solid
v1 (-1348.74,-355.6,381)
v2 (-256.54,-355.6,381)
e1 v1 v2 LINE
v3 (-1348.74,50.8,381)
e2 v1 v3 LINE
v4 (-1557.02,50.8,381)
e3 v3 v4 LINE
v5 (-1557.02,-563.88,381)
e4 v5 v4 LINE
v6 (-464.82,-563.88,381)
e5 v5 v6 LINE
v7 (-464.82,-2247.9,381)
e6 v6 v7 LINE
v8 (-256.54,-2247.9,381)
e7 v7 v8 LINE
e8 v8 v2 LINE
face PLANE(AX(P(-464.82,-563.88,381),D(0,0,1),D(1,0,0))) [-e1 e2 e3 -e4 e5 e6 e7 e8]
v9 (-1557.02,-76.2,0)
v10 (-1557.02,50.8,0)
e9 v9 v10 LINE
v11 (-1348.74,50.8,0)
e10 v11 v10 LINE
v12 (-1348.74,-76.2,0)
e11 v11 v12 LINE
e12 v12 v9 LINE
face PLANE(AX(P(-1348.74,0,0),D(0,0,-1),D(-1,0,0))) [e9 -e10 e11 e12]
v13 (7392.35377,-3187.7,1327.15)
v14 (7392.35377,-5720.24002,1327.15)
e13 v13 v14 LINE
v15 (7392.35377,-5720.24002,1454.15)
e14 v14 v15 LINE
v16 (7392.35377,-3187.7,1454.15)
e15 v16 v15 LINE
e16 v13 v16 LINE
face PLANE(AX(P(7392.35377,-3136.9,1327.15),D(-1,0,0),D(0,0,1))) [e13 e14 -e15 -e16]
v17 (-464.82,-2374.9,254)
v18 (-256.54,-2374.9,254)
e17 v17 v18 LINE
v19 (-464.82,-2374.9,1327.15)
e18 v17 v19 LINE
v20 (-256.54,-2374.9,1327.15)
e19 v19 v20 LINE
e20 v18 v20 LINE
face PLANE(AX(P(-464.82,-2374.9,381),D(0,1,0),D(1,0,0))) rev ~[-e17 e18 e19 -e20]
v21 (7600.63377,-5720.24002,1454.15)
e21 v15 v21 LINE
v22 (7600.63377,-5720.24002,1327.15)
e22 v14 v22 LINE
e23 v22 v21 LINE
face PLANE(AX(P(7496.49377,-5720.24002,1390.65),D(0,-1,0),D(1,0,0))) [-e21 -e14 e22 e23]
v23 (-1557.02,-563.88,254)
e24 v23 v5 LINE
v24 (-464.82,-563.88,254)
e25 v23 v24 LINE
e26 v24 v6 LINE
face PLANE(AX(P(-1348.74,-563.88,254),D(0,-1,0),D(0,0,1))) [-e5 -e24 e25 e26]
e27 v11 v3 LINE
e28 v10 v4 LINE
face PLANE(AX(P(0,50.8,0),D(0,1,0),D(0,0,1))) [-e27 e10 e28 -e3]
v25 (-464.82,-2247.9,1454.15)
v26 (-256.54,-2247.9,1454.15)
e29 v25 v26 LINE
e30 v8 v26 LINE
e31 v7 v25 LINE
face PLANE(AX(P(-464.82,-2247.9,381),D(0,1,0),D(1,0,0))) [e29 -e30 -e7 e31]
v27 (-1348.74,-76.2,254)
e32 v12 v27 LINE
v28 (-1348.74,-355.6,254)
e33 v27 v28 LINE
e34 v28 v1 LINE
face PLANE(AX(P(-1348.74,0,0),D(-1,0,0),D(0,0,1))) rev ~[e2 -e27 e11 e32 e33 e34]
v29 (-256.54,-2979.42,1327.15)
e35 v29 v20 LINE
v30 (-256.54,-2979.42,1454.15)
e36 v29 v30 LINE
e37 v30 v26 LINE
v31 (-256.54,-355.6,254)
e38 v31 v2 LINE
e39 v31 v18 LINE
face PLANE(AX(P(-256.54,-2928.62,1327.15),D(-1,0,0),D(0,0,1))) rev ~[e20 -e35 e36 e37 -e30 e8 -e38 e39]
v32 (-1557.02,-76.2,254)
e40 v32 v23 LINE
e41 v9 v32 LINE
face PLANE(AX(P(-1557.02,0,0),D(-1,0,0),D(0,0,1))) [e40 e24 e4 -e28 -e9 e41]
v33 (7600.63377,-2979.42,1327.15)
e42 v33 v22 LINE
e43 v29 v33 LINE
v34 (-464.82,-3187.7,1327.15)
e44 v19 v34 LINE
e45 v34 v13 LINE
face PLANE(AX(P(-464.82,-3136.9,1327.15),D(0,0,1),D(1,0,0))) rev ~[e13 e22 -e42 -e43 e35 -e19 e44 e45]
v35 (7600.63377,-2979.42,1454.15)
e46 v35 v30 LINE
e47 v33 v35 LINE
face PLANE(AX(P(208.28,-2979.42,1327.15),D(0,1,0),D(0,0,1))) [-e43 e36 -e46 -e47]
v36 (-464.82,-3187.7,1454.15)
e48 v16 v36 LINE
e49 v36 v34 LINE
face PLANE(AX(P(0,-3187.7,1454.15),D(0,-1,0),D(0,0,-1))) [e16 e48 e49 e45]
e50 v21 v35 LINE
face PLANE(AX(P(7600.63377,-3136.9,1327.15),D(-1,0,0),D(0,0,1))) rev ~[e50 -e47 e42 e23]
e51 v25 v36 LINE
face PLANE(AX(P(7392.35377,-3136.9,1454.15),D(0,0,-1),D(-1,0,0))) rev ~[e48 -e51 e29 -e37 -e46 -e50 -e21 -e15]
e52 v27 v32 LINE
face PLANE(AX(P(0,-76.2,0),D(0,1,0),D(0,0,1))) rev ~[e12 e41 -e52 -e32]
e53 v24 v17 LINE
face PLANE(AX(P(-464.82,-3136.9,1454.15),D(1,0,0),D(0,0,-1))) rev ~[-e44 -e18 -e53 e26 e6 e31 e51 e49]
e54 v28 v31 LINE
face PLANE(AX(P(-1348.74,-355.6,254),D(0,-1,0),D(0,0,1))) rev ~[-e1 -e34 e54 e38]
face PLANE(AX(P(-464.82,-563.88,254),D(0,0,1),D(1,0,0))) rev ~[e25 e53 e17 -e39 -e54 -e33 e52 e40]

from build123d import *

# Parameters (mm, degrees)
F0_W      = 208.28
F0_H      = 127
F1_DEPTH  = 381
F2_W      = 208.28
F2_H      = 127
F3_DEPTH  = 1524
F4_DEPTH  = 1612.9
F5_W      = 208.28
F5_H      = 127
F6_DEPTH  = 863.6
F7_W      = 127
F7_H      = 208.28
F8_DEPTH  = 7112
F9_DEPTH  = 762
F10_DEPTH = 762
F11_DEPTH = 7112
F12_W     = 208.28
F12_H     = 127
F13_DEPTH = 762
F14_W     = 208.28
F14_H     = 127
F15_DEPTH = 5080
F16_DEPTH = 88.9
F17_DEPTH = 88.9
F18_DEPTH = 120.65
F19_DEPTH = 120.65
F20_DEPTH = 2312.35377
F21_W     = 208.28
F21_H     = 127
F22_DEPTH = 2583.34002
F23_DEPTH = 1557.02
F24_DEPTH = 1557.02
F25_W     = 208.28
F25_H     = 127
F26_DEPTH = 1092.2
F27_W     = 208.28
F27_H     = 127
F28_DEPTH = 1811.02
F29_W     = 208.28
F29_H     = 127
F30_DEPTH = 1073.15
F31_W     = 208.28
F31_H     = 127
F32_DEPTH = 553.72
F33_W     = 208.28
F33_H     = 127
F34_DEPTH = 1811.02
F35_DEPTH = 946.15
F36_DEPTH = 680.72
F37_DEPTH = 1092.2
F38_DEPTH = 76.2
F39_DEPTH = 76.2
F40_DEPTH = 50.8
F41_DEPTH = 50.8


with BuildPart() as f1:
    # F0 (on Top) → F1 (new body)
    with BuildSketch(Plane.XY):
        with Locations((104.14, 63.5)):
            Rectangle(F0_W, F0_H)
    extrude(amount=F1_DEPTH)

    # F2 (on face) → F3 (join)
    with BuildSketch(Plane.XZ):
        with Locations((104.14, 317.5)):
            Rectangle(F2_W, F2_H)
    extrude(amount=F3_DEPTH)

    # F4 (add): a face of the model
    f4_faces = [f1.faces().sort_by_distance(p)[0] for p in [
        (104.14, -1524, 317.5),
    ]]
    extrude(f4_faces, amount=F4_DEPTH)

    # F5 (on face) → F6 (join)
    with BuildSketch(Plane.XY.offset(381)):
        with Locations((104.14, -3073.4)):
            Rectangle(F5_W, F5_H)
    extrude(amount=F6_DEPTH)

    # F7 (on face) → F8 (join)
    with BuildSketch(Plane.YZ.offset(208.28)):
        with Locations((-3073.4, 1140.46)):
            Rectangle(F7_W, F7_H)
    extrude(amount=F8_DEPTH)

    # F9 (add): a face of the model
    f9_faces = [f1.faces().sort_by_distance(p)[0] for p in [
        (3367.9591082803, -3009.9, 1104.9808917197),
    ]]
    extrude(f9_faces, amount=F9_DEPTH)

    # F10 (cut): a face of the model
    f10_faces = [f1.faces().sort_by_distance(p)[0] for p in [
        (3316.8020689655, -3136.9, 1092.6379310345),
    ]]
    extrude(f10_faces, amount=-F10_DEPTH, mode=Mode.SUBTRACT)

    # F11 (cut, through all): a face of the model
    f11_faces = [f1.faces().sort_by_distance(p)[0] for p in [
        (7320.28, -2311.4, 1140.46),
    ]]
    extrude(f11_faces, amount=-F11_DEPTH, mode=Mode.SUBTRACT)

    # F12 (on face) → F13 (join)
    with BuildSketch(Plane.XZ.offset(2374.9)):
        with Locations((104.14, 1181.1)):
            Rectangle(F12_W, F12_H)
    extrude(amount=F13_DEPTH)

    # F14 (on face) → F15 (join)
    with BuildSketch(Plane.YZ.offset(208.28)):
        with Locations((-3032.76, 1181.1)):
            Rectangle(F14_W, F14_H)
    extrude(amount=F15_DEPTH)

    # F16 (add): a face of the model
    f16_faces = [f1.faces().sort_by_distance(p)[0] for p in [
        (2354.4719148936, -2982.0680851064, 1244.6),
    ]]
    extrude(f16_faces, amount=F16_DEPTH)

    # F17 (cut): a face of the model
    f17_faces = [f1.faces().sort_by_distance(p)[0] for p in [
        (2403.392173913, -2996.647826087, 1117.6),
    ]]
    extrude(f17_faces, amount=-F17_DEPTH, mode=Mode.SUBTRACT)

    # F18 (add): a face of the model
    f18_faces = [f1.faces().sort_by_distance(p)[0] for p in [
        (2354.4719148936, -2982.0680851064, 1333.5),
    ]]
    extrude(f18_faces, amount=F18_DEPTH)

    # F19 (cut): a face of the model
    f19_faces = [f1.faces().sort_by_distance(p)[0] for p in [
        (2403.392173913, -2996.647826087, 1206.5),
    ]]
    extrude(f19_faces, amount=-F19_DEPTH, mode=Mode.SUBTRACT)

    # F20 (add): a face of the model
    f20_faces = [f1.faces().sort_by_distance(p)[0] for p in [
        (5288.28, -3032.76, 1390.65),
    ]]
    extrude(f20_faces, amount=F20_DEPTH)

    # F21 (on face) → F22 (join)
    with BuildSketch(Plane.XZ.offset(3136.9)):
        with Locations((7496.49377, 1390.65)):
            Rectangle(F21_W, F21_H)
    extrude(amount=F22_DEPTH)

    # F23 (add): a face of the model
    f23_faces = [f1.faces().sort_by_distance(p)[0] for p in [
        (0, 63.5, 35.7317721818),
    ]]
    extrude(f23_faces, amount=F23_DEPTH)

    # F24 (cut): a face of the model
    f24_faces = [f1.faces().sort_by_distance(p)[0] for p in [
        (208.28, 63.5, 33.8398667357),
    ]]
    extrude(f24_faces, amount=-F24_DEPTH, mode=Mode.SUBTRACT)

    # F25 (on face) → F26 (join)
    with BuildSketch(Plane.YZ.offset(-1348.74)):
        with Locations((-459.74, 317.5)):
            Rectangle(F25_W, F25_H)
    extrude(amount=F26_DEPTH)

    # F27 (on face) → F28 (join, through all)
    with BuildSketch(Plane.XZ.offset(563.88)):
        with Locations((-360.68, 317.5)):
            Rectangle(F27_W, F27_H)
    extrude(amount=F28_DEPTH)

    # F29 (on face) → F30 (join, through all)
    with BuildSketch(Plane.XY.offset(381)):
        with Locations((-360.68, -2311.4)):
            Rectangle(F29_W, F29_H)
    extrude(amount=F30_DEPTH)

    # F31 (on face) → F32 (join, through all)
    with BuildSketch(Plane.XZ.offset(2374.9)):
        with Locations((-360.68, 1390.65)):
            Rectangle(F31_W, F31_H)
    extrude(amount=F32_DEPTH)

    # F33 (on face) → F34 (cut, through all)
    with BuildSketch(Plane.XZ.offset(2374.9)):
        with Locations((-1452.88, 317.5)):
            Rectangle(F33_W, F33_H)
    extrude(amount=-F34_DEPTH, mode=Mode.SUBTRACT)

    # F35 (cut, through all): a face of the model
    f35_faces = [f1.faces().sort_by_distance(p)[0] for p in [
        (-1452.88, -2311.4, 381),
    ]]
    extrude(f35_faces, amount=-F35_DEPTH, mode=Mode.SUBTRACT)

    # F36 (cut, through all): a face of the model
    f36_faces = [f1.faces().sort_by_distance(p)[0] for p in [
        (-1452.88, -2247.9, 1390.65),
    ]]
    extrude(f36_faces, amount=-F36_DEPTH, mode=Mode.SUBTRACT)

    # F37 (cut, through all): a face of the model
    f37_faces = [f1.faces().sort_by_distance(p)[0] for p in [
        (-1557.02, -3032.76, 1390.65),
    ]]
    extrude(f37_faces, amount=-F37_DEPTH, mode=Mode.SUBTRACT)

    # F38 (add): a face of the model
    f38_faces = [f1.faces().sort_by_distance(p)[0] for p in [
        (-1452.88, 0, 127),
    ]]
    extrude(f38_faces, amount=F38_DEPTH)

    # F39 (cut): a face of the model
    f39_faces = [f1.faces().sort_by_distance(p)[0] for p in [
        (-1452.88, 127, 190.5),
    ]]
    extrude(f39_faces, amount=-F39_DEPTH, mode=Mode.SUBTRACT)

    # F40 (add): a face of the model
    f40_faces = [f1.faces().sort_by_distance(p)[0] for p in [
        (3463.766885, -3136.9, 1390.65),
    ]]
    extrude(f40_faces, amount=F40_DEPTH)

    # F41 (cut): a face of the model
    f41_faces = [f1.faces().sort_by_distance(p)[0] for p in [
        (3672.046885, -2928.62, 1390.65),
    ]]
    extrude(f41_faces, amount=-F41_DEPTH, mode=Mode.SUBTRACT)


solid = f1.part
